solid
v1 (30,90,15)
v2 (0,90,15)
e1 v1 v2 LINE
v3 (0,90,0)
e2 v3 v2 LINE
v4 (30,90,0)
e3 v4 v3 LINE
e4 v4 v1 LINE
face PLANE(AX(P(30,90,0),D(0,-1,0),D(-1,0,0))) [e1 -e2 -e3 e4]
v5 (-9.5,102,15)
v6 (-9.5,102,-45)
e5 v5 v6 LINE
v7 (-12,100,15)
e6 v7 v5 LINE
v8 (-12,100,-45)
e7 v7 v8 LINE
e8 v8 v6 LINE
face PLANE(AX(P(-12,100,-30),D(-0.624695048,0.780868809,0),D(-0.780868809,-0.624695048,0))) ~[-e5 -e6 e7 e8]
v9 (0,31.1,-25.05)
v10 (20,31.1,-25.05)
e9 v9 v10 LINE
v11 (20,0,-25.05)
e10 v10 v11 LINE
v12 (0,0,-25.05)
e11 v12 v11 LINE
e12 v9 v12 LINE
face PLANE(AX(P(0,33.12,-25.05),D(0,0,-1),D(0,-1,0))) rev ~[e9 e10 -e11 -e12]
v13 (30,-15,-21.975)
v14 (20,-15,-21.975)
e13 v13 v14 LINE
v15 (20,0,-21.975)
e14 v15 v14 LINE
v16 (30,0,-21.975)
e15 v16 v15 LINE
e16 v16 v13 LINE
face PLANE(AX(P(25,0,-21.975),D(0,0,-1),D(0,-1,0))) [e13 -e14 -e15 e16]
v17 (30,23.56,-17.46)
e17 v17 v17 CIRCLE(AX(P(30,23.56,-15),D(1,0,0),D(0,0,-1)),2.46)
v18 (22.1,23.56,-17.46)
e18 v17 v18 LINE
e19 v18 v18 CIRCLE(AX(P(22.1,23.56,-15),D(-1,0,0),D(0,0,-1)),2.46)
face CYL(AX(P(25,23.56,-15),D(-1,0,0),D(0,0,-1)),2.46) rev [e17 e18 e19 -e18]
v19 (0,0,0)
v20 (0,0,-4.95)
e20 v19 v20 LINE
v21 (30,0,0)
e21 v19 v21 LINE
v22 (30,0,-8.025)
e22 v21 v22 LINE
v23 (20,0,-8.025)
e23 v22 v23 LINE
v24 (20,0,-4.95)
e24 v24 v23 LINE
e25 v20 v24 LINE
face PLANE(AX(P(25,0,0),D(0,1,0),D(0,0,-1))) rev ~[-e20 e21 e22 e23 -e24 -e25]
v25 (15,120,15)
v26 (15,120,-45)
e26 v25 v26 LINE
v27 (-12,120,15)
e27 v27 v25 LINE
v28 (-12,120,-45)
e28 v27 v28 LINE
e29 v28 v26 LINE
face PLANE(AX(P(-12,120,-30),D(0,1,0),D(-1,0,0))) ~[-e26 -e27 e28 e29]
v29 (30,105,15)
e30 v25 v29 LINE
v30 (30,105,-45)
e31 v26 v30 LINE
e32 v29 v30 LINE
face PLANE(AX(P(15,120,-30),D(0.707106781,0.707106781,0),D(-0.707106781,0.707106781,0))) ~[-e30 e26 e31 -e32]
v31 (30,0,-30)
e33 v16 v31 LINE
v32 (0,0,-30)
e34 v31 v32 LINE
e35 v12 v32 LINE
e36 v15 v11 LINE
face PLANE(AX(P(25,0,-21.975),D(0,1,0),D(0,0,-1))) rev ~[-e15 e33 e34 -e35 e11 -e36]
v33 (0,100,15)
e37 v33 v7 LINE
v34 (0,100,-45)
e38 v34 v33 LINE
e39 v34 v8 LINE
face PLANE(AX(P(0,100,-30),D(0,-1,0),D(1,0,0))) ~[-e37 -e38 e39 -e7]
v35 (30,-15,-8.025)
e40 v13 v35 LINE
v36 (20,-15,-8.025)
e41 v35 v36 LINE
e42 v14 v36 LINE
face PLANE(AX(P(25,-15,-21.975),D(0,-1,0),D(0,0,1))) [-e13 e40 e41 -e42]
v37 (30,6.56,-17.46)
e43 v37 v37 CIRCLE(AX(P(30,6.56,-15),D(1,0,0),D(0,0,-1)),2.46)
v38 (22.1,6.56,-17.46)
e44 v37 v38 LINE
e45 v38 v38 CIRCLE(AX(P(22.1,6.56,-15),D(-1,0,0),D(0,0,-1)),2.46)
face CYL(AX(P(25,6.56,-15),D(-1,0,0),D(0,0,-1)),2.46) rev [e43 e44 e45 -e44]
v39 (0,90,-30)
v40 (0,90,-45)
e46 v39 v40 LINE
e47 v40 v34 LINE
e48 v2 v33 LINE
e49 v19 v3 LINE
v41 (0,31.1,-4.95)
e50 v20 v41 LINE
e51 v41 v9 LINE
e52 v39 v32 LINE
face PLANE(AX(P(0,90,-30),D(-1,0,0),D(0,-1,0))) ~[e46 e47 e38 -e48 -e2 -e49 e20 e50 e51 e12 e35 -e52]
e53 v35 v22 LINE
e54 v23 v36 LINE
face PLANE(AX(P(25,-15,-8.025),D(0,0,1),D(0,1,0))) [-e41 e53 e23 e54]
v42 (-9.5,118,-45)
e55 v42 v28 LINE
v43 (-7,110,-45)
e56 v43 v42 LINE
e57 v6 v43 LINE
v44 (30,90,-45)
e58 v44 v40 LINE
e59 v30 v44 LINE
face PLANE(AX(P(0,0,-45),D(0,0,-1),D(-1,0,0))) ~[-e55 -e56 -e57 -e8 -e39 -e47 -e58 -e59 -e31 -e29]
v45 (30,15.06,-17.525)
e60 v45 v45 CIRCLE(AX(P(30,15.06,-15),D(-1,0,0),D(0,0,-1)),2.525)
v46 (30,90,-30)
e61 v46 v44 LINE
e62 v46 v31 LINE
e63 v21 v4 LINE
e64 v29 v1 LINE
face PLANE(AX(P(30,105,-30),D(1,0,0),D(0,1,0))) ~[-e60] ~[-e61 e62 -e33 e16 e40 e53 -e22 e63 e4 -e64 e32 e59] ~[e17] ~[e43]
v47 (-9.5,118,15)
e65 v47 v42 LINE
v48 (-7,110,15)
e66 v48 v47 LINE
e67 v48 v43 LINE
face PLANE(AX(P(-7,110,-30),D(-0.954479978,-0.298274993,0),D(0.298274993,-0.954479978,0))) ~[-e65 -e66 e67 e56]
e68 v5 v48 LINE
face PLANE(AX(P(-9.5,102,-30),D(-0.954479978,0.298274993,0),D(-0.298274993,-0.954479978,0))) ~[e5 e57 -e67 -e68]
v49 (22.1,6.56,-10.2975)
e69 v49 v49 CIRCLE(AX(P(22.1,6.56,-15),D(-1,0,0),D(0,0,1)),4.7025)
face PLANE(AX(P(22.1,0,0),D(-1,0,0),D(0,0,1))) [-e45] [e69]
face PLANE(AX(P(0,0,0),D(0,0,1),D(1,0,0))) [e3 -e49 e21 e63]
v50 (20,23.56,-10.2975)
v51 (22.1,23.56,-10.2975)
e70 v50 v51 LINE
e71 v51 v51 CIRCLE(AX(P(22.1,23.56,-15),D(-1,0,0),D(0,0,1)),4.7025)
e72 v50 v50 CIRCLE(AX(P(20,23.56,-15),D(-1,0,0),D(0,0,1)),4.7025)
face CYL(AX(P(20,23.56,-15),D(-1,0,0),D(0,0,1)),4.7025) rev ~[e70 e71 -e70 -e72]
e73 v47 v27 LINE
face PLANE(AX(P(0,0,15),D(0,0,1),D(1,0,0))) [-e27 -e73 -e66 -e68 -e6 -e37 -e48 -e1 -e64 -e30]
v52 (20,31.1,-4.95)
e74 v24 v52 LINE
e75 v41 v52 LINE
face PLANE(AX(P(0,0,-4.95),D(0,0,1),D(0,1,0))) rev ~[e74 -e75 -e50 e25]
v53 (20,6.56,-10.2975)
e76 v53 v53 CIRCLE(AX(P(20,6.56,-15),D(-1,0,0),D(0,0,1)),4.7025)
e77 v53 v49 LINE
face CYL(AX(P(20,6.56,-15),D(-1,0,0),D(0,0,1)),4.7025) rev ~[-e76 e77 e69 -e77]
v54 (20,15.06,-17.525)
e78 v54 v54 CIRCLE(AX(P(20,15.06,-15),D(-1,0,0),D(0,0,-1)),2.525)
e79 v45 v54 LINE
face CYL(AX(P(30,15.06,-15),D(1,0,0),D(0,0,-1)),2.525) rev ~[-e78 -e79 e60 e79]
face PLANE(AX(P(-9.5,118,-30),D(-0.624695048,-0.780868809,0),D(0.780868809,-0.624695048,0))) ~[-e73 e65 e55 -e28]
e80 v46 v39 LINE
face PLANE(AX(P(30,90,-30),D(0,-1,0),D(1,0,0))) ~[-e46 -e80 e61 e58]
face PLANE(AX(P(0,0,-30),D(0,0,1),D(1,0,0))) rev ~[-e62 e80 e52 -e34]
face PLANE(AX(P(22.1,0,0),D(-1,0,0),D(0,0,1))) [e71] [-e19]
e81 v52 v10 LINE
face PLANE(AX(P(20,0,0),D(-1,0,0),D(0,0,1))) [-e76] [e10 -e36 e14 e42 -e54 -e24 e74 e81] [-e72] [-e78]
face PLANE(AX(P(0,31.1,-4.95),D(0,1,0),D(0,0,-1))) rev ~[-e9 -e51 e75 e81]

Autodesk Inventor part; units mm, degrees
ref_plane "YZ Plane" through (0, 0, 0) normal (1, 0, 0) x (0, 1, 0)
ref_plane "XZ Plane" through (0, 0, 0) normal (0, 1, 0) x (-1, 0, 0)
sketch "Sketch1" plane through (0, 0, 0) normal (0, 0, 1) x (1, 0, 0)
  line L0 (0, 0) -> (25, 0)
  line L1 (25, 0) -> (25, 40)
  line L2 (25, 40) -> (0, 40)
  line L3 (0, 40) -> (0, 0)
  dimension "d1" = 25
  dimension "d2" = 40
  dimension "d3" = 25
extrude "Extrusion1" add sketch "Sketch1" against normal blind 30
sketch "Sketch2" plane through (25, 0, 0) normal (1, 0, 0) x (0, 0, -1)
  line L0 (0, 0) -> (30, 0) projected
  circle A0 centre (15, 6.56) radius 2.46
extrude "Extrusion2" cut sketch "Sketch2" against normal blind 30
sketch "Sketch3" plane through (0, 0, 0) normal (-1, 0, 0) x (0, 0, 1)
  line L0 (0, 0) -> (-30, 0) projected
  line L1 (-25.05, 0) -> (-4.95, 0)
  line L2 (-4.95, 0) -> (-4.95, 33.12)
  line L3 (-4.95, 33.12) -> (-25.05, 33.12)
  line L4 (-25.05, 33.12) -> (-25.05, 0)
  dimension "d11" = 20.1
extrude "Extrusion3" cut sketch "Sketch3" against normal blind 20
sketch "Sketch4" plane through (0, 0, 0) normal (0, -1, 0) x (1, 0, 0)
  line L0 (20, -4.95) -> (20, -25.05) projected
  line L1 (20, -15) -> (25, -15)
  line L2 (25, 0) -> (25, -30) projected
  line L3 (20, -8.025) -> (25, -8.025)
  line L4 (25, -8.025) -> (25, -21.975)
  line L5 (25, -21.975) -> (20, -21.975)
  line L6 (20, -21.975) -> (20, -8.025)
  line L7 (20, -8.025) -> (25, -21.975) construction
  line L8 (25, -8.025) -> (20, -21.975) construction
  line L9 (25, -12.54) -> (25, -17.46) projected
  point P0 (0, 0)
  point P1 (22.5, -15)
  dimension "d14" = 13.95
extrude "Extrusion4" add sketch "Sketch4" along normal blind 15
sketch "Sketch5" plane through (20, 0, 0) normal (-1, 0, 0) x (0, 0, 1)
  circle A0 centre (-15, 6.56) radius 2.46 projected
  circle A1 centre (-15, 6.56) radius 4.7025
  circle A2 centre (-15, 6.56) radius 2.46 projected
  circle A3 centre (-15, 6.56) radius 2.46
  point P0 (0, 0)
  dimension "d17" = 9.405
extrude "Extrusion5" cut sketch "Sketch5" against normal blind 2.1
sketch "Sketch6" plane through (25, 0, 0) normal (1, 0, 0) x (0, 0, -1)
  circle A0 centre (15, 6.56) radius 4.7025 projected
  line L0 (15, 6.56) -> (15, 23.56)
  circle A1 centre (15, 23.56) radius 2.46
  point P0 (0, 0)
  dimension "d20" = 17
  dimension "d21" = 4.92
extrude "Extrusion6" cut sketch "Sketch6" against normal blind 10 contours A1
sketch "Sketch7" plane through (20, 0, 0) normal (-1, 0, 0) x (0, 0, 1)
  circle A0 centre (-15, 23.56) radius 2.46 projected
  circle A1 centre (-15, 23.56) radius 4.7025
  point P0 (0, 0)
  dimension "d24" = 9.405
extrude "Extrusion7" cut sketch "Sketch7" against normal blind 2.1
sketch "Sketch9" plane through (25, 0, 0) normal (1, 0, 0) x (0, 0, -1)
  circle A0 centre (15, 6.56) radius 2.46 projected
  circle A1 centre (15, 6.56) radius 2.46
  circle A2 centre (15, 23.56) radius 2.46 projected
  circle A3 centre (15, 23.56) radius 2.46
  line L0 (30, 40) -> (30, 0) projected
  line L1 (30, 0) -> (30, 40)
  line L2 (30, 40) -> (0, 40)
  line L3 (0, 40) -> (0, 0)
  line L4 (0, 0) -> (8.025, 0) projected
  line L5 (21.975, 0) -> (21.975, -15)
  line L6 (21.975, -15) -> (8.025, -15)
  line L7 (8.025, -15) -> (8.025, 0)
  line L8 (0, 0) -> (8.025, 0)
  line L9 (21.975, 0) -> (30, 0)
extrude "Extrusion8" add sketch "Sketch9" along normal blind 5
sketch "Sketch10" plane through (0, 40, 0) normal (0, 1, 0) x (1, 0, 0)
  line L0 (0, 30) -> (30, 30) projected
  line L1 (30, 0) -> (0, 0) projected
  line L2 (0, 30) -> (30, 30)
  line L3 (30, 30) -> (30, 0)
  line L4 (30, 0) -> (0, 0)
  line L5 (0, 0) -> (0, 30)
extrude "Extrusion9" add sketch "Sketch10" along normal blind 30
sketch "Sketch12" plane through (30, 0, 0) normal (1, 0, 0) x (0, 0, -1)
  circle A0 centre (15, 6.56) radius 2.46 projected
  line L0 (15, 6.56) -> (15, 15.06)
  circle A1 centre (15, 15.06) radius 2.525
  point P0 (0, 0)
  dimension "d31" = 8.5
  dimension "d33" = 5.05
extrude "Extrusion10" cut sketch "Sketch12" against normal blind 30 contours A1
sketch "Sketch14" plane through (0, 0, 0) normal (0, 0, 1) x (1, 0, 0)
  line L0 (30, 70) -> (0, 70) projected
  line L1 (0, 70) -> (0, 85)
  line L2 (30, 0) -> (30, 70) projected
  line L3 (30, 100) -> (30, 70)
  line L4 (-12, 120) -> (15, 120)
  line L5 (-9.5, 118) -> (-7, 110)
  line L6 (-9.5, 118) -> (-12, 120)
  line L7 (-9.5, 102) -> (-7, 110)
  line L8 (-9.5, 102) -> (-12, 100)
  line L9 (30, 105) -> (15, 120)
  line L10 (30, 105) -> (30, 100)
  line L11 (0, 85) -> (0, 100)
  line L12 (0, 100) -> (-12, 100)
  point P0 (0, 0)
  dimension "d60" = 20
  dimension "d64" = 12
extrude "Extrusion12" add sketch "Sketch14" against normal blind 30
sketch "Sketch15" plane through (0, 0, -25.05) normal (-1, 0, 0) x (0, 0, 1)
  line L0 (0, 33.12) -> (20.1, 33.12) projected
  line L1 (20.1, 33.12) -> (20.1, 0) projected
  line L2 (0, 33.12) -> (20.1, 33.12)
  line L3 (20.1, 33.12) -> (20.1, 31.1)
  line L4 (20.1, 31.1) -> (0, 31.1)
  line L5 (0, 31.1) -> (0, 33.12)
  point P0 (25.05, 0)
  dimension "d57" = 2.02
extrude "Extrusion13" add sketch "Sketch15" against normal blind 20
sketch "Sketch20" plane through (0, 0, 0) normal (0, 0, 1) x (1, 0, 0)
  line L0 (0, 100) -> (-12, 100) projected
  line L1 (0, 100) -> (-12, 100)
  line L2 (-12, 100) -> (-9.5, 102) projected
  line L3 (-12, 100) -> (-9.5, 102)
  line L4 (-9.5, 102) -> (-7, 110) projected
  line L5 (-9.5, 102) -> (-7, 110)
  line L6 (-7, 110) -> (-9.5, 118) projected
  line L7 (-7, 110) -> (-9.5, 118)
  line L8 (-9.5, 118) -> (-12, 120) projected
  line L9 (-9.5, 118) -> (-12, 120)
  line L10 (-12, 120) -> (15, 120) projected
  line L11 (-12, 120) -> (15, 120)
  line L12 (15, 120) -> (30, 105) projected
  line L13 (15, 120) -> (30, 105)
  line L14 (30, 105) -> (30, 90)
  line L15 (30, 0) -> (30, 105) projected
  line L16 (30, 90) -> (0, 90)
  line L17 (0, 90) -> (0, 100)
  point P0 (0, 0)
  dimension "d65" = 15
  dimension "d66" = 30
extrude "Extrusion14" add sketch "Sketch20" along normal blind 15
ref_plane "Work Plane1" through (0, 0, -15) normal (0, 0, 1) x (1, 0, 0)
mirror "Mirror1" about plane through (0, 0, -15) normal (0, 0, 1) of "Extrusion14"
properties part number "rec_b_16mm_x_60mm"
